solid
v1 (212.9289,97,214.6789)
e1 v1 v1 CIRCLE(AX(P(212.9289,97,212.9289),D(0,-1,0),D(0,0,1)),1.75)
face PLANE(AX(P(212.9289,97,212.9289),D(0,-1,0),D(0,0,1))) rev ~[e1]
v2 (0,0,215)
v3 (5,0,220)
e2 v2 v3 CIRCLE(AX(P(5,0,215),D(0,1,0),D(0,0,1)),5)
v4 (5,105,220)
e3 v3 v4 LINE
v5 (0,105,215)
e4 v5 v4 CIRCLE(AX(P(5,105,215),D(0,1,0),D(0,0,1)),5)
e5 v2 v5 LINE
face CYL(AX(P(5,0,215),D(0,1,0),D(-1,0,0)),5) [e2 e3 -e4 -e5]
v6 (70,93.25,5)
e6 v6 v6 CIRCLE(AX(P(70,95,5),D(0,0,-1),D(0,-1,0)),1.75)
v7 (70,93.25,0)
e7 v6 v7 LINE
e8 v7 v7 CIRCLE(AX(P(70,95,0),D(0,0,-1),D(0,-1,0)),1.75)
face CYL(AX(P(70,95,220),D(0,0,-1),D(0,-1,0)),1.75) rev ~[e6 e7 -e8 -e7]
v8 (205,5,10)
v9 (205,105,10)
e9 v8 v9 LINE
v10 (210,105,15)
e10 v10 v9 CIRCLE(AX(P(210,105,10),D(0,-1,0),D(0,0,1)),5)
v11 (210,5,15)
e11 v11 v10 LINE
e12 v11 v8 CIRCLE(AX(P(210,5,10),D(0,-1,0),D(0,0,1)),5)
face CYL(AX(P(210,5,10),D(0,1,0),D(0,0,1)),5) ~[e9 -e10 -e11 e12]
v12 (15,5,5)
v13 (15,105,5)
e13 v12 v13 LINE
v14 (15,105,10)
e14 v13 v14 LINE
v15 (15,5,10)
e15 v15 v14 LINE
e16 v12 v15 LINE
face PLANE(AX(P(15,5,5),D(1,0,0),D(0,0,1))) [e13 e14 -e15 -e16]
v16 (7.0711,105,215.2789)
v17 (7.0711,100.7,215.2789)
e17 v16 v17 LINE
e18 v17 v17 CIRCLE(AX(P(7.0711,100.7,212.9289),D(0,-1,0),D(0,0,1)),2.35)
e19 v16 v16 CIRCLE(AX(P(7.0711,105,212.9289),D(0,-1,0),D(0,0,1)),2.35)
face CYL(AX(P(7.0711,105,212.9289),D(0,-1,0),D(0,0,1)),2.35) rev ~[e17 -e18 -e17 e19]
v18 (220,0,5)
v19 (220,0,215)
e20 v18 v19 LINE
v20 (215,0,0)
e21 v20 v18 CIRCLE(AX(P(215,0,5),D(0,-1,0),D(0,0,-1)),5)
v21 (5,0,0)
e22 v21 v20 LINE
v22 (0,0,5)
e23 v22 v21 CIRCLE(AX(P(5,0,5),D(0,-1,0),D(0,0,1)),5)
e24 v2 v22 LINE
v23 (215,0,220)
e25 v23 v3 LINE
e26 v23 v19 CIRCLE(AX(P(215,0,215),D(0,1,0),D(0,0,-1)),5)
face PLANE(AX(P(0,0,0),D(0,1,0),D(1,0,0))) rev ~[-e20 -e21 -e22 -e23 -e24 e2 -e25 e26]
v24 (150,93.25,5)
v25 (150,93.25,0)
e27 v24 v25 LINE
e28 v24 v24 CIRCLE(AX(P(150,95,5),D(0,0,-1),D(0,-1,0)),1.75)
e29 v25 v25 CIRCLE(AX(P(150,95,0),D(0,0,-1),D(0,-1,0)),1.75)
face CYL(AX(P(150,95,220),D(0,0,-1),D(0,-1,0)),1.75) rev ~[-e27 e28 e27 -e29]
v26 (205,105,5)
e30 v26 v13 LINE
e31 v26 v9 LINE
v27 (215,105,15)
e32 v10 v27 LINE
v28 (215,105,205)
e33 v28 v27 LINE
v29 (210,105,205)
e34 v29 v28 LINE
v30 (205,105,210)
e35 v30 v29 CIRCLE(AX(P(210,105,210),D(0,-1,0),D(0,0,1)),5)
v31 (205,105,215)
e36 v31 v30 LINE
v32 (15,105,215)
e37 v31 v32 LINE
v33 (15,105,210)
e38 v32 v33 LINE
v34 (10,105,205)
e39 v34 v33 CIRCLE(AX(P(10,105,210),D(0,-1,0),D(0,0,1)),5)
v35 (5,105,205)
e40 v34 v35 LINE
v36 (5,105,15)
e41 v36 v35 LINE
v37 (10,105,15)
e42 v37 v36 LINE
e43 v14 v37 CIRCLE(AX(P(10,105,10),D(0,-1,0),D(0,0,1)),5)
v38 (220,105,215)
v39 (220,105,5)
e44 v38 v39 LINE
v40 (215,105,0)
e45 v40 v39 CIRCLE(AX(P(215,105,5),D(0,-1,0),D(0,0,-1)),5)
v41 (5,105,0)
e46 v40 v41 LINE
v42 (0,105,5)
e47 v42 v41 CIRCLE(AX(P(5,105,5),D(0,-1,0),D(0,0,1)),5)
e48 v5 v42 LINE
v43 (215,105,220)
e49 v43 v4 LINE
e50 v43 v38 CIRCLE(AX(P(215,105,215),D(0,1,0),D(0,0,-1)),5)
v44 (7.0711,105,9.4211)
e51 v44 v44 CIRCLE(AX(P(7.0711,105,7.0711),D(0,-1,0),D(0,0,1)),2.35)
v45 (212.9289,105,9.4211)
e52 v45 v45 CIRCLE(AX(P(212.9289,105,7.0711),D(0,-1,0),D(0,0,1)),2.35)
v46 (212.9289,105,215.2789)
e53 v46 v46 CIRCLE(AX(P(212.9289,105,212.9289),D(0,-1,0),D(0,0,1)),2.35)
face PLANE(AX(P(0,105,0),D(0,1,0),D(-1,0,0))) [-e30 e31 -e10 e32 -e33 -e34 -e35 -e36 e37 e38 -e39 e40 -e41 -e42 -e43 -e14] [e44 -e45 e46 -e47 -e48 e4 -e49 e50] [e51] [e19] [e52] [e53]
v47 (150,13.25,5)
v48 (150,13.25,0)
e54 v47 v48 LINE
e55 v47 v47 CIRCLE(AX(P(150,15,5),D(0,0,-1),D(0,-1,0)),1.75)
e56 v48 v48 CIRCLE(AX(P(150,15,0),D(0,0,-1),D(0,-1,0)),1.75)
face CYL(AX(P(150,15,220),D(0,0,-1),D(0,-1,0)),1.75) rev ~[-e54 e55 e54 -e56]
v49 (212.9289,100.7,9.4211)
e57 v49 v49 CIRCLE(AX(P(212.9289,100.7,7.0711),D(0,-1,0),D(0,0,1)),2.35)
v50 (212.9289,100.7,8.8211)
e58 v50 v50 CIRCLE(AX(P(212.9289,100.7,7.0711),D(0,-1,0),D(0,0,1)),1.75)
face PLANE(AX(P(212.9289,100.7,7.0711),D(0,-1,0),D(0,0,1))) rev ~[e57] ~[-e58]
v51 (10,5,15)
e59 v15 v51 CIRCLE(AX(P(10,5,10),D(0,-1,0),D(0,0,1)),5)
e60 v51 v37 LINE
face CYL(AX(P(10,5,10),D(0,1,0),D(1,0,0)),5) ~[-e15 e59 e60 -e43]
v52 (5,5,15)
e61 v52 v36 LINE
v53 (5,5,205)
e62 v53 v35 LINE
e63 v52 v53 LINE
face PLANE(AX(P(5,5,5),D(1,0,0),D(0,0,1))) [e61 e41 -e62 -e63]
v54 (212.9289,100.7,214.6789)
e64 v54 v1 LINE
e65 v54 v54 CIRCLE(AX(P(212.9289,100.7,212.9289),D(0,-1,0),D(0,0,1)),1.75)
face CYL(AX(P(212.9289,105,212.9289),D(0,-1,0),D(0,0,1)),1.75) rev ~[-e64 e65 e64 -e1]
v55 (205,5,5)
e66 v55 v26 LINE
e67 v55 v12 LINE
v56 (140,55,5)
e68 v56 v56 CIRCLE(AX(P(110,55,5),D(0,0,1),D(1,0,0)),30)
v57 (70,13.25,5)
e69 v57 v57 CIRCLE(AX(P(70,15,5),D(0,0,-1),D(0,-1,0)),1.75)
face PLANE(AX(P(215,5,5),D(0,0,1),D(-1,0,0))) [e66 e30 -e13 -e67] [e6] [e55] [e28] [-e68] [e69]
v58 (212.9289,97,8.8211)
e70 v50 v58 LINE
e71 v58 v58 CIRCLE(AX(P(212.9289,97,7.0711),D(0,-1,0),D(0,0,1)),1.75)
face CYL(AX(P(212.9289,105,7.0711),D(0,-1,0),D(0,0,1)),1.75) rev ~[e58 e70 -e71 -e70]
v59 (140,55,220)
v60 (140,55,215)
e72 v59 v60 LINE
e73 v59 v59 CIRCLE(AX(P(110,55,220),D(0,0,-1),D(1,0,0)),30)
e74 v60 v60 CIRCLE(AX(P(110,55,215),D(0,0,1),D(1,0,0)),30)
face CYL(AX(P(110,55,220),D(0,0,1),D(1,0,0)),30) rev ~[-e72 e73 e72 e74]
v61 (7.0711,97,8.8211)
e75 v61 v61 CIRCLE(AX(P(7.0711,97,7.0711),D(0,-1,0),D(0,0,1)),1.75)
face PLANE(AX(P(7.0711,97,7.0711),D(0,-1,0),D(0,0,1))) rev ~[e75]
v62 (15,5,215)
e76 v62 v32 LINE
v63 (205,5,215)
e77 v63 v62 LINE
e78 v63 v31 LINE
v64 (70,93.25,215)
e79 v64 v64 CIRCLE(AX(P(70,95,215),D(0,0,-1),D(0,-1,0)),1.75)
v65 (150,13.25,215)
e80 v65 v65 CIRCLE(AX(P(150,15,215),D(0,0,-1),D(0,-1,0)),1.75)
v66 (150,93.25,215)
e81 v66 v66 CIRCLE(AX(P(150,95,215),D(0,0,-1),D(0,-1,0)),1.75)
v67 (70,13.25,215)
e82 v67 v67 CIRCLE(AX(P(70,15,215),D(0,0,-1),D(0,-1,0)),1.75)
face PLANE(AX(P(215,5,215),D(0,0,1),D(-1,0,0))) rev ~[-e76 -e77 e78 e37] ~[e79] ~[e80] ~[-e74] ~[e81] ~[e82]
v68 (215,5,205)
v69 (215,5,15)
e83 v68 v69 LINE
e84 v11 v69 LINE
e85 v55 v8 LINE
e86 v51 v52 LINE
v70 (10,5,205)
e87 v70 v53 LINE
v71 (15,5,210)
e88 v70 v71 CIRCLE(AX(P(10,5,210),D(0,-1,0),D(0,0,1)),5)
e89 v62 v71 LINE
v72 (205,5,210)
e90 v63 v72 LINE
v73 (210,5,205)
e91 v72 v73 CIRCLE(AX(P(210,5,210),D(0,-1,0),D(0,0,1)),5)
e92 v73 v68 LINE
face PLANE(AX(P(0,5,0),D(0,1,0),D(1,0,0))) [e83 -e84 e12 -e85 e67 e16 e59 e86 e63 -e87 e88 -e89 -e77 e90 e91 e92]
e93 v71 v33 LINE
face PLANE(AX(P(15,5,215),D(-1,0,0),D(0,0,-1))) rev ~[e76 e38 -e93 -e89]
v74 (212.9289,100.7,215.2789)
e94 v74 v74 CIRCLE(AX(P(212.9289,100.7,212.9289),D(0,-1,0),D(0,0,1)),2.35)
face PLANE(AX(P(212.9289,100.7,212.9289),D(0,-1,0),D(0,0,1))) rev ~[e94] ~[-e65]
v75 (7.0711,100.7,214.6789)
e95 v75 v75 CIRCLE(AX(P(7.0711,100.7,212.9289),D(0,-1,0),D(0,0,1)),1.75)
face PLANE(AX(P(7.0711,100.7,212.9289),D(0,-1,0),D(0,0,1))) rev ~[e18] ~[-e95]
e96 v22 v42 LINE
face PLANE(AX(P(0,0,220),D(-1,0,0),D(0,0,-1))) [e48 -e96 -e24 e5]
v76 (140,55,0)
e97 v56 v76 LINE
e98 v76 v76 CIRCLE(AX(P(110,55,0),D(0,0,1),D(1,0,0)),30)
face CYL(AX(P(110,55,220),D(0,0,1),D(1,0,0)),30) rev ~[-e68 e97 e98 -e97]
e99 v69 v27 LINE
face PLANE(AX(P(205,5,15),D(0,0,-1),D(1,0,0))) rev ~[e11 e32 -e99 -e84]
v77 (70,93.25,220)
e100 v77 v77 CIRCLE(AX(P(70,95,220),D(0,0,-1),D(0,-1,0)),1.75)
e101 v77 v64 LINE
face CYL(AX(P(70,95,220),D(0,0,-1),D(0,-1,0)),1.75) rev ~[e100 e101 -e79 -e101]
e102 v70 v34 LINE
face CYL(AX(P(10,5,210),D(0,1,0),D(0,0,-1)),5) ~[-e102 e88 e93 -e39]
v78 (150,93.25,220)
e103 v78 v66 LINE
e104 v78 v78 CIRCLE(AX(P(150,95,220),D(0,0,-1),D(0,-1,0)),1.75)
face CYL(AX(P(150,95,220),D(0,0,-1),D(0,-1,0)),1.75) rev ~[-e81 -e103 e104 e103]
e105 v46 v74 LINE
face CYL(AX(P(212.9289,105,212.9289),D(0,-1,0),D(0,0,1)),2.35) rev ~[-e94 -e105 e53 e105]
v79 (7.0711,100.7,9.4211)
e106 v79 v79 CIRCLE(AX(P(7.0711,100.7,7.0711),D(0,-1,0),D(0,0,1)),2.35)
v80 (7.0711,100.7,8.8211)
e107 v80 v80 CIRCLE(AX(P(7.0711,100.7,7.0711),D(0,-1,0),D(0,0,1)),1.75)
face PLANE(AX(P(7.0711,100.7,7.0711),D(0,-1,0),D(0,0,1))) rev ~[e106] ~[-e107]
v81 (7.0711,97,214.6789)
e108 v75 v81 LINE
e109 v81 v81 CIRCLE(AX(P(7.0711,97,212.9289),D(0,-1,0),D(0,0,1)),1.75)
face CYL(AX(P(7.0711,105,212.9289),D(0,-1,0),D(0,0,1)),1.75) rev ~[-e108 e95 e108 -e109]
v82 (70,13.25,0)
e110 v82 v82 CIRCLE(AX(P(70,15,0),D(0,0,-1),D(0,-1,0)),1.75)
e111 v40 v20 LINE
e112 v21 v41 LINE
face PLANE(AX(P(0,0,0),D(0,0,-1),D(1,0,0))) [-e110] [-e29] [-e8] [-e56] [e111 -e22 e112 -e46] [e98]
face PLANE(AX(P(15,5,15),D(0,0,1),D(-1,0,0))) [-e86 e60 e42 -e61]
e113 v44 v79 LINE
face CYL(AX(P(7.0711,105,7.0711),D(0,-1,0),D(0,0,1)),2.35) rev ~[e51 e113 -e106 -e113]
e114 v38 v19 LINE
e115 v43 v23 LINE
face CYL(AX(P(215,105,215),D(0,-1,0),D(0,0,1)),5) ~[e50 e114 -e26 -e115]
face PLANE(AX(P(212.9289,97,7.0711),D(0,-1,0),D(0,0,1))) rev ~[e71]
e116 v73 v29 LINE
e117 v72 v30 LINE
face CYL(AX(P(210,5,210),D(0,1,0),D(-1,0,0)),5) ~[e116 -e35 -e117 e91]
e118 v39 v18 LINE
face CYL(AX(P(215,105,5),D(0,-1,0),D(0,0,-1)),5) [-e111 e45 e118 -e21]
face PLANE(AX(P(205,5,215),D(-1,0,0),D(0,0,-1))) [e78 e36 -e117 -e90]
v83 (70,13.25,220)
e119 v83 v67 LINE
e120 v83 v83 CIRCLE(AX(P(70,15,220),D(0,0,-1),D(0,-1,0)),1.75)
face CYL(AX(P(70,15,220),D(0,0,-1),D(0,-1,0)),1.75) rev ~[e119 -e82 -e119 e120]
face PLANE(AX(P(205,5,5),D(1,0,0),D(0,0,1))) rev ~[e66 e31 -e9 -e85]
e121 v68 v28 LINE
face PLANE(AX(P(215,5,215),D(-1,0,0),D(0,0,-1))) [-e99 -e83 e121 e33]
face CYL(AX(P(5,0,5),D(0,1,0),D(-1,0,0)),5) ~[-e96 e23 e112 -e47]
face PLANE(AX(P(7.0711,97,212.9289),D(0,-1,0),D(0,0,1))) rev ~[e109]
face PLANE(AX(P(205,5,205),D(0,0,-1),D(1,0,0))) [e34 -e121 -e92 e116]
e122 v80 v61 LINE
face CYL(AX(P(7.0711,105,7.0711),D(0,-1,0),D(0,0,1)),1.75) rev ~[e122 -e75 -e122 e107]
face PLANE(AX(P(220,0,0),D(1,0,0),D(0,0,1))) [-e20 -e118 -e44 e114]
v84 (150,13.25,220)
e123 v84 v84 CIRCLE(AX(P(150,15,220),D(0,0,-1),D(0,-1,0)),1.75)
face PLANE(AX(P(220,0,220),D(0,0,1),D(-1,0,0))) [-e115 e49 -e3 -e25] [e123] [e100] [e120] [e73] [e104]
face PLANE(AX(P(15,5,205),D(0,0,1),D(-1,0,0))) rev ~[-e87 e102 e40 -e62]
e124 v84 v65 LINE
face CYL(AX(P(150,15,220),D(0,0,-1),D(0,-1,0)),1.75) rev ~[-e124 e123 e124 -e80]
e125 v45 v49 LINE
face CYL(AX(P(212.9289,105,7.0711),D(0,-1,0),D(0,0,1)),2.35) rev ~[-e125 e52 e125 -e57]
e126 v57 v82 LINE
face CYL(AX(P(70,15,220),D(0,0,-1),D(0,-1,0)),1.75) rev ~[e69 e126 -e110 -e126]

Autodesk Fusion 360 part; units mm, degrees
sketch "Sketch1" plane through (0, 0, 0) normal (0, 1, 0) x (1, 0, 0)
  line L0 (0, 0) -> (220, 0)
  line L1 (220, 0) -> (220, -220)
  line L2 (220, -220) -> (0, -220)
  line L3 (0, -220) -> (0, 0)
  dimension "d1" = 220
  dimension "d2" = 220
extrude "Extrude1" add sketch "Sketch1" along normal blind 5
sketch "Sketch2" plane through (0, 5, 0) normal (0, 1, 0) x (-1, 0, 0)
  line L0 (0, 220) -> (-220, 220)
  line L1 (-220, 220) -> (-220, 0)
  line L2 (-220, 0) -> (0, 0)
  line L3 (0, 0) -> (0, 220)
  line L4 (0, 0) -> (-10, 0)
  line L5 (-10, 220) -> (0, 220)
  line L6 (0, 220) -> (0, 0)
  line L7 (0, 0) -> (-5, 0)
  line L8 (-5, 0) -> (-5, 220)
  line L9 (-5, 220) -> (0, 220)
  line L10 (0, 220) -> (0, 0)
  line L11 (0, 0) -> (-220, 0)
  line L12 (-220, 0) -> (-220, 5)
  line L13 (-220, 5) -> (0, 5)
  line L14 (0, 5) -> (0, 0)
  line L15 (0, 220) -> (-220, 220)
  line L16 (-220, 220) -> (-220, 215)
  line L17 (-220, 215) -> (0, 215)
  line L18 (0, 215) -> (0, 220)
  line L19 (-220, 220) -> (-215, 220)
  line L20 (-215, 220) -> (-215, 0)
  line L21 (-215, 0) -> (-220, 0)
  line L22 (-220, 0) -> (-220, 220)
  dimension "d5" = 5
  dimension "d6" = 5
extrude "Extrude2" add sketch "Sketch2" along normal blind 100 contours L0 L3 L5 L6 L8 L9 L10 L15 L17 L18 | L0 L5 L8 L15 L17 L20 | L3 L6 L8 L10 L13 L17 | L2 L3 L4 L6 L7 L8 L10 L11 L13 L14 | L0 L1 L15 L16 L17 L19 L20 L22 | L2 L4 L8 L11 L13 L20 | L1 L13 L17 L20 L22 | L1 L2 L11 L12 L13 L20 L21 L22
sketch "Sketch3" plane through (0, 0, 5) normal (0, 0, 1) x (1, 0, 0)
  line L0 (5, 5) -> (215, 5)
  line L1 (215, 5) -> (215, 105)
  line L2 (215, 105) -> (5, 105)
  line L3 (5, 105) -> (5, 5)
sketch "Sketch4" plane through (0, 5, 0) normal (0, 1, 0) x (-1, 0, 0)
  line L0 (-5, 5) -> (-5, 215)
  line L1 (-5, 215) -> (-215, 215)
  line L2 (-215, 215) -> (-215, 5)
  line L3 (-215, 5) -> (-5, 5)
  line L4 (-5, 5) -> (-15, 5)
  line L5 (-15, 5) -> (-15, 15)
  line L6 (-15, 15) -> (-5, 15)
  line L7 (-5, 15) -> (-5, 5)
  line L8 (-215, 5) -> (-205, 5)
  line L9 (-205, 5) -> (-205, 15)
  line L10 (-205, 15) -> (-215, 15)
  line L11 (-215, 15) -> (-215, 5)
  line L12 (-5, 215) -> (-15, 215)
  line L13 (-15, 215) -> (-15, 205)
  line L14 (-15, 205) -> (-5, 205)
  line L15 (-5, 205) -> (-5, 215)
  line L16 (-215, 215) -> (-205, 215)
  line L17 (-205, 215) -> (-205, 205)
  line L18 (-205, 205) -> (-215, 205)
  line L19 (-215, 205) -> (-215, 215)
  dimension "d10" = 10
  dimension "d11" = 10
  dimension "d12" = 10
  dimension "d13" = 10
  dimension "d14" = 10
  dimension "d15" = 10
  dimension "d16" = 10
  dimension "d17" = 10
extrude "Extrude3" add sketch "Sketch4" along normal blind 100 contours L0 L3 L4 L5 L6 L7 | L0 L1 L12 L13 L14 L15 | L2 L3 L8 L9 L10 L11 | L1 L2 L16 L17 L18 L19
fillet "Fillet1" radius 5 4 edges at (205, 55, 15) (15, 55, 15) (15, 55, 205) (205, 55, 205)
sketch "Sketch5" plane through (0, 0, 220) normal (0, 0, 1) x (1, 0, 0)
  line L0 (0, 0) -> (220, 0)
  line L1 (220, 0) -> (220, 105)
  line L2 (220, 105) -> (0, 105)
  line L3 (0, 105) -> (0, 0)
  line L4 (0, 0) -> (110, 0)
  line L5 (110, 0) -> (110, 55)
  line L6 (110, 55) -> (150, 55)
  line L7 (150, 55) -> (150, 15)
  line L8 (150, 15) -> (110, 15)
  line L9 (110, 15) -> (110, 55)
  line L10 (150, 15) -> (70, 15)
  line L11 (70, 15) -> (70, 95)
  line L12 (70, 95) -> (150, 95)
  line L13 (150, 95) -> (150, 15)
  circle A0 centre (110, 55) radius 30
  dimension "d22" = 55
  dimension "d23" = 40
  dimension "d24" = 40
  dimension "d25" = 80
  dimension "d26" = 80
  dimension "d27" = 60
extrude "Extrude4" cut sketch "Sketch5" against normal blind 270 contours L5 L6 L9 A0 | L5 L6 L9 A0
hole "Hole1" at (70, 95, 220) at (150, 95, 220) at (70, 15, 220) at (150, 15, 220) direction (0, 0, -1) diameter 3.5 depth 10000 tip angle 118
sketch "Sketch6" plane through (0, 105, 0) normal (0, 1, 0) x (-1, 0, 0)
  arc A0 (-210, 205) -> (-205, 210) centre (-210, 210) ccw
  line L0 (-205, 210) -> (-205, 215)
  line L1 (-205, 215) -> (-15, 215)
  line L2 (-15, 215) -> (-15, 210)
  arc A1 (-15, 210) -> (-10, 205) centre (-10, 210) ccw
  line L3 (-10, 205) -> (-5, 205)
  line L4 (-5, 205) -> (-5, 15)
  line L5 (-5, 15) -> (-10, 15)
  arc A2 (-10, 15) -> (-15, 10) centre (-10, 10) ccw
  line L6 (-15, 10) -> (-15, 5)
  line L7 (-15, 5) -> (-205, 5)
  line L8 (-205, 5) -> (-205, 10)
  arc A3 (-205, 10) -> (-210, 15) centre (-210, 10) ccw
  line L9 (-210, 15) -> (-215, 15)
  line L10 (-215, 15) -> (-215, 205)
  line L11 (-215, 205) -> (-210, 205)
  line L12 (0, 0) -> (0, 220)
  line L13 (0, 220) -> (-220, 220)
  line L14 (-220, 220) -> (-220, 0)
  line L15 (-220, 0) -> (0, 0)
  line L16 (0, 0) -> (-7.0711, 7.0711)
  line L17 (0, 0) -> (10, 0) construction
  line L18 (-220, 0) -> (-212.9289, 7.0711)
  line L19 (-220, 0) -> (-210, 0) construction
  line L20 (0, 220) -> (-7.0711, 212.9289)
  line L21 (0, 220) -> (10, 220) construction
  line L22 (-220, 220) -> (-212.9289, 212.9289)
  line L23 (-220, 220) -> (-210, 220) construction
  dimension "d33" = 135
  dimension "d34" = 10
  dimension "d35" = 45
  dimension "d36" = 10
  dimension "d37" = 135
  dimension "d38" = 10
  dimension "d39" = 10
  dimension "d40" = 45
hole "Hole2" at (7.0711, 105, 212.9289) at (212.9289, 105, 212.9289) at (212.9289, 105, 7.0711) at (7.0711, 105, 7.0711) direction (0, -1, 0) diameter 4.7 depth 4.3 tip angle 180
hole "Hole3" at (7.0711, 105, 212.9289) at (212.9289, 105, 212.9289) at (212.9289, 105, 7.0711) at (7.0711, 105, 7.0711) direction (0, -1, 0) diameter 3.5 depth 8 tip angle 180
fillet "Fillet2" radius 5 4 edges at (220, 52.5, 220) (0, 52.5, 220) (0, 52.5, 0) (220, 52.5, 0)
